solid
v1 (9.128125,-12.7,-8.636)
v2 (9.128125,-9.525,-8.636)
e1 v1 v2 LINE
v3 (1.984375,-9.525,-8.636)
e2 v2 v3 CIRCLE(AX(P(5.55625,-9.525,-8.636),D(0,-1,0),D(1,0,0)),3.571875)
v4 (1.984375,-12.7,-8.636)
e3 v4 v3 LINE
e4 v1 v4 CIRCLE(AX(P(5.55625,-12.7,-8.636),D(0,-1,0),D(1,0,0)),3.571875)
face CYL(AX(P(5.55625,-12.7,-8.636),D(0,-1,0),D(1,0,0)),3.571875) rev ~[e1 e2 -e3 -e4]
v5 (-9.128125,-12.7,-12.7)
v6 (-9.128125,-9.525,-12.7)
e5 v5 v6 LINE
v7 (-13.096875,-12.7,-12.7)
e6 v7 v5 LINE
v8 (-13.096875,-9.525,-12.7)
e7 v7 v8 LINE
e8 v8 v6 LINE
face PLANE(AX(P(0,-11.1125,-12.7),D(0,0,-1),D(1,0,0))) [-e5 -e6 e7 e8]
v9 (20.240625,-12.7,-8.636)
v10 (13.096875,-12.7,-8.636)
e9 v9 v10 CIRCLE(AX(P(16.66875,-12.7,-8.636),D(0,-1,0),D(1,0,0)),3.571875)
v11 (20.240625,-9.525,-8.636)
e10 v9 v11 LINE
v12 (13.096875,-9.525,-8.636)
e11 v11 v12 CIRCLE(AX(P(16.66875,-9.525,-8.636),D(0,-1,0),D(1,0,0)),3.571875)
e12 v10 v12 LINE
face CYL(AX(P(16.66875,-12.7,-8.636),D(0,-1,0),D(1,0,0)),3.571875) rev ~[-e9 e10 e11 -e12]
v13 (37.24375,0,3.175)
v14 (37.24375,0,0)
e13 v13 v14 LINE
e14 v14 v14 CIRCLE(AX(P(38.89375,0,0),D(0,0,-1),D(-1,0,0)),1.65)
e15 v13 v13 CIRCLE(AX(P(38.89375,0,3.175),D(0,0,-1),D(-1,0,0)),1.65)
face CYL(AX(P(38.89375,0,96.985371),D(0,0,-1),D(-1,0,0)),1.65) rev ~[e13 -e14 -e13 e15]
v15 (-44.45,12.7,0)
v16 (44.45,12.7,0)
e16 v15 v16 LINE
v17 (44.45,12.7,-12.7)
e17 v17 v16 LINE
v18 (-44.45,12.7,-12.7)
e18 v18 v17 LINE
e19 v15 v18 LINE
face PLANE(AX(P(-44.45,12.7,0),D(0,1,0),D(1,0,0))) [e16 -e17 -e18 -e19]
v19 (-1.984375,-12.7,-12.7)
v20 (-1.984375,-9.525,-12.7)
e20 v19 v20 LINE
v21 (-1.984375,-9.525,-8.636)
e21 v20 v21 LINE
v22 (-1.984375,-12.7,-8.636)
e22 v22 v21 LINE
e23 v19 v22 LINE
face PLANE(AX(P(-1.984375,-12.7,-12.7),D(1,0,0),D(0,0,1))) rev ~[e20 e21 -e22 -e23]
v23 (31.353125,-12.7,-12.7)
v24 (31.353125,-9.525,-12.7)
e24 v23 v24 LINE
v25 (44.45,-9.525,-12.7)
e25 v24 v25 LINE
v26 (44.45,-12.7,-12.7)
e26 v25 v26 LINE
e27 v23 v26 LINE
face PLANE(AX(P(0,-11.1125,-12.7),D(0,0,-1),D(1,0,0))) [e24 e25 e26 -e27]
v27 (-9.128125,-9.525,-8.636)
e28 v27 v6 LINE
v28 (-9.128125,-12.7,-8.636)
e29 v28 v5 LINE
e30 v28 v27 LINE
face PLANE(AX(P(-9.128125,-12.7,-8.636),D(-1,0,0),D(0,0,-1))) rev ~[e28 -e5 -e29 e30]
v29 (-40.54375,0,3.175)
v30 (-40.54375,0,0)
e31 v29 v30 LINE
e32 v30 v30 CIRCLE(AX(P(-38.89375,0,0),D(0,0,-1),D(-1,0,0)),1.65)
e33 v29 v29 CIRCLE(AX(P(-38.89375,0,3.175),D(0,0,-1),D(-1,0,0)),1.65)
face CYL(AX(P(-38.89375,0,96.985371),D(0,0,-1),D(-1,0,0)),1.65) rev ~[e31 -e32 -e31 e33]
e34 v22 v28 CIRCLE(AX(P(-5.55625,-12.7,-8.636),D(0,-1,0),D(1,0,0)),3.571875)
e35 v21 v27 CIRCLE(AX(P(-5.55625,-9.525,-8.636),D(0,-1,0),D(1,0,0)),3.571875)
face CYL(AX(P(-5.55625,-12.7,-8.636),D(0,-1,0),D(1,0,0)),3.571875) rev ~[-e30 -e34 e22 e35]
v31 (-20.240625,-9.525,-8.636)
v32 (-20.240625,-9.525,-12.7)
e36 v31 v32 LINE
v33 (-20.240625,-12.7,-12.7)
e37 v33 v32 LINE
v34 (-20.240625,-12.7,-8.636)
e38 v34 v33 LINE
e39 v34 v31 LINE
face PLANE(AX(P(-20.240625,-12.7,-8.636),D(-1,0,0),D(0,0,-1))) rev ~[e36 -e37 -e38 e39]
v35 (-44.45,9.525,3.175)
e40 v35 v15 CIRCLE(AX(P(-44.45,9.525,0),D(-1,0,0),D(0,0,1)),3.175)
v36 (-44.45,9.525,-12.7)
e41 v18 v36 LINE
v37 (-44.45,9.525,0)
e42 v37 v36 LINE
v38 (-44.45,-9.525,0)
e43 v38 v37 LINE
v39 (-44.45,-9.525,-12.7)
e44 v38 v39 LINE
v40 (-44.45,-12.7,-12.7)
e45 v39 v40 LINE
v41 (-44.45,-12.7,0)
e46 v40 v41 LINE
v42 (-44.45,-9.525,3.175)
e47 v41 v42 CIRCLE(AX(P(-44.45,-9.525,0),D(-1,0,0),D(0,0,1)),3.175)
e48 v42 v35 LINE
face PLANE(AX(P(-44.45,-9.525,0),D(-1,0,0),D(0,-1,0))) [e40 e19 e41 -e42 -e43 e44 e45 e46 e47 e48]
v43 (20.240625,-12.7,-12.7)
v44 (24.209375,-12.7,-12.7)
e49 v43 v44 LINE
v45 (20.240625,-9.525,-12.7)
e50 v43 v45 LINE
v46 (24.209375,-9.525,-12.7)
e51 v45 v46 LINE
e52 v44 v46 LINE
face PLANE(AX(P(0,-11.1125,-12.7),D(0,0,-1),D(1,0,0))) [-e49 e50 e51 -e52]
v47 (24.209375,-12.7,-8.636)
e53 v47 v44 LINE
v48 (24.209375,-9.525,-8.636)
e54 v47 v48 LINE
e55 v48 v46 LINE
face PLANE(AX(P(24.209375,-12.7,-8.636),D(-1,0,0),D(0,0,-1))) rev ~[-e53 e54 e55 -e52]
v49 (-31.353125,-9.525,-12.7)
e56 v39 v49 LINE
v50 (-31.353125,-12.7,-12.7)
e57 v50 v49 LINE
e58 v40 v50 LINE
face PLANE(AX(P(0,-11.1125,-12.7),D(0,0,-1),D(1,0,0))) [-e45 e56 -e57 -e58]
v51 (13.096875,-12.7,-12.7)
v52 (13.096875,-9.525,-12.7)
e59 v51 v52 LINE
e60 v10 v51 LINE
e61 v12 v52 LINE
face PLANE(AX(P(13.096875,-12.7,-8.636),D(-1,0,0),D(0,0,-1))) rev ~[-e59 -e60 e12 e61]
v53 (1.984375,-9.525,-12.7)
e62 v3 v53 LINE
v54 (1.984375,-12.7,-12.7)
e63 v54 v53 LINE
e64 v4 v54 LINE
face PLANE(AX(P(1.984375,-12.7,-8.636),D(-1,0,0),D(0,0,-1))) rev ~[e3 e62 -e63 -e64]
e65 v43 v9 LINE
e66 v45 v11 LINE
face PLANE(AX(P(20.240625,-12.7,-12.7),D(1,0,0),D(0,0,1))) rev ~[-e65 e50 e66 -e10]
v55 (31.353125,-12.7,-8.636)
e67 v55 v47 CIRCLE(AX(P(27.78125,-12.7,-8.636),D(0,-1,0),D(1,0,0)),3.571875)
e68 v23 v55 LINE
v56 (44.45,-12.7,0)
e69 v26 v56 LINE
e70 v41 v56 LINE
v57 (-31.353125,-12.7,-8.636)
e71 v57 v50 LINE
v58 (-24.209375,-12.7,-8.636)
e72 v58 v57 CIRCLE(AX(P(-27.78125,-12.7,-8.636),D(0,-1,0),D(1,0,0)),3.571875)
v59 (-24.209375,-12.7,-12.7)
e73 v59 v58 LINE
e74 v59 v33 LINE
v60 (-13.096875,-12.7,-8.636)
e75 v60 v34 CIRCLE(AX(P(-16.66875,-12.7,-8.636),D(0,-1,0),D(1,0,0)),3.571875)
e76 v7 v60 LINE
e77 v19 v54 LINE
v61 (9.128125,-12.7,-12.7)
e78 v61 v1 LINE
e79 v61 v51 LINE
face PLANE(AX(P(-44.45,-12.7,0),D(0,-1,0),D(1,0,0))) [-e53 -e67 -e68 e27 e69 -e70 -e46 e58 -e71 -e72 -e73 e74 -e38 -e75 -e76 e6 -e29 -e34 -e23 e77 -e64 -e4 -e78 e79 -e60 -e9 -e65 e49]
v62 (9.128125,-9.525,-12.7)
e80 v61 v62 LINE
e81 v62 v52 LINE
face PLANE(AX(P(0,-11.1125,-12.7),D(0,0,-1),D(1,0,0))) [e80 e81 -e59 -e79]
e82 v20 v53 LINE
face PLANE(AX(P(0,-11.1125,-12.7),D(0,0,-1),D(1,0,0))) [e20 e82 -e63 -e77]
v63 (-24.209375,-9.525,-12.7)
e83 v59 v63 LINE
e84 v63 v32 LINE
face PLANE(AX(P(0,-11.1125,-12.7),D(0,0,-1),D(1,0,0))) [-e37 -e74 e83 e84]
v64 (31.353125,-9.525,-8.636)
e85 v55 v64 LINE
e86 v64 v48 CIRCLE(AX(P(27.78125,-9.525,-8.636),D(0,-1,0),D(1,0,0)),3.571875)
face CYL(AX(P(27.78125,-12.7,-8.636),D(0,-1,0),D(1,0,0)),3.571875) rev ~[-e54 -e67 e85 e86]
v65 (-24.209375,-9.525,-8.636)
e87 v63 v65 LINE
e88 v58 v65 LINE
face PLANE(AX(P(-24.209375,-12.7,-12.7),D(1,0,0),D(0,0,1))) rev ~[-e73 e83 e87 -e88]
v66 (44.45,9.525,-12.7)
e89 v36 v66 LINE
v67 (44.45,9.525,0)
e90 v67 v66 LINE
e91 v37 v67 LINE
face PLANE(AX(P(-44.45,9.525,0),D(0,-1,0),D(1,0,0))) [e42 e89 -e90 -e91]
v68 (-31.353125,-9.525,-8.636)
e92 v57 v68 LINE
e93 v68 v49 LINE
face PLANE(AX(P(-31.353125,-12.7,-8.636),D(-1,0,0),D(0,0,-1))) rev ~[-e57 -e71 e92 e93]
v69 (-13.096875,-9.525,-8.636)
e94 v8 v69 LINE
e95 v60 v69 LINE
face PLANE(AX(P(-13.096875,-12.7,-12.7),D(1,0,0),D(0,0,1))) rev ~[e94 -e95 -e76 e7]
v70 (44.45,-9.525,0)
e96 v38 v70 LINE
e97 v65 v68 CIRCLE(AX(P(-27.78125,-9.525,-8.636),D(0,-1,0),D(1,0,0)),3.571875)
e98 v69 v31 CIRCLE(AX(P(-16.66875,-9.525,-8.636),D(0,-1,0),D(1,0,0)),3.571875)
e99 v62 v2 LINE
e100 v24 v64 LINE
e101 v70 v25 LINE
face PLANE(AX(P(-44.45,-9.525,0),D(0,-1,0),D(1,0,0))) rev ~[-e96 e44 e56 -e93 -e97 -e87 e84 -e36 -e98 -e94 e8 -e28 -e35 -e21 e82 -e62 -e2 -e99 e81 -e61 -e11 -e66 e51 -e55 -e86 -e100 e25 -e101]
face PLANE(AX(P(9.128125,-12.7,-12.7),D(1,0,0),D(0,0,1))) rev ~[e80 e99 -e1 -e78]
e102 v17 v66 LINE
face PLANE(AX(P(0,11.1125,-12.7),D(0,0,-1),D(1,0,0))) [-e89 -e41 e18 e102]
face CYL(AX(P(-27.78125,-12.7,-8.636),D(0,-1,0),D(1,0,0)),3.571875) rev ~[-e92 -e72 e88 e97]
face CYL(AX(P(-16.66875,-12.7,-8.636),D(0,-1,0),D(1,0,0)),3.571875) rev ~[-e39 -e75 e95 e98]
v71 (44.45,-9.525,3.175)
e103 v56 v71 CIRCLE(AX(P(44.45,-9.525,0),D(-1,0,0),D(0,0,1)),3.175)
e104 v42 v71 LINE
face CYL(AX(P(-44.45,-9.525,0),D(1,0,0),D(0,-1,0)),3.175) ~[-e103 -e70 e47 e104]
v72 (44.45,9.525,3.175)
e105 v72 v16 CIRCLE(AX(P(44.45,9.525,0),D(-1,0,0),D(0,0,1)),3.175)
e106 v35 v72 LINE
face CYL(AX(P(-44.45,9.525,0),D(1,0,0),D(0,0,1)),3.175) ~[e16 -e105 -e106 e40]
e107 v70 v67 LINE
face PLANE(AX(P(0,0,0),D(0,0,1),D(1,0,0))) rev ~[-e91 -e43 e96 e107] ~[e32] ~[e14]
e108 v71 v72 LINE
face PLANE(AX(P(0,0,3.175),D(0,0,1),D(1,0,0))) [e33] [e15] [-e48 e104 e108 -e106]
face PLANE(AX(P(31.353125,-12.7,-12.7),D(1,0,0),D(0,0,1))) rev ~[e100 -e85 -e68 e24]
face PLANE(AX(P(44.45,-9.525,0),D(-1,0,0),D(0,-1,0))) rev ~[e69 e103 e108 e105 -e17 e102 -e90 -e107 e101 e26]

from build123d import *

# Parameters (mm, degrees)
F0_W     = 88.9
F0_H     = 25.4
F1_DEPTH = 3.175
F2_W     = 88.9
F2_H     = 3.175
F3_DEPTH = 12.7
F5_D     = 3.3
F7_DEPTH = 3.175
F8_R     = 3.175


with BuildPart() as f1:
    # F0 (on Top) → F1 (new body)
    with BuildSketch(Plane.XY):
        Rectangle(F0_W, F0_H)
    extrude(amount=F1_DEPTH)

    # F2 (on face) → F3 (join)
    with BuildSketch(Plane(origin=(0, 0, 0), x_dir=(1, 0, 0), z_dir=(0, 0, -1))):
        with Locations((0, 11.1125)):
            Rectangle(F2_W, F2_H)
        with Locations((0, -11.1125)):
            Rectangle(F2_W, F2_H)
    extrude(amount=F3_DEPTH)

    # F5 (through all)
    with Locations(Plane.XY.offset(3.175)):
        with Locations((-38.89375, 0), (38.89375, 0)):
            Hole(F5_D / 2)

    # F6 (on face) → F7 (cut)
    with BuildSketch(Plane.XZ.offset(12.7)):
        with BuildLine():
            Line((-31.353125, -8.636), (-24.209375, -8.636))
            ThreePointArc((-24.209375, -8.636), (-27.78125, -5.064125), (-31.353125, -8.636))
        make_face()
        with BuildLine():
            Line((-24.209375, -12.7), (-24.209375, -8.636))
            ThreePointArc((-24.209375, -8.636), (-27.78125, -12.207875), (-31.353125, -8.636))
            Line((-31.353125, -8.636), (-31.353125, -12.7))
            Line((-31.353125, -12.7), (-24.209375, -12.7))
        make_face()
        with BuildLine():
            ThreePointArc((-31.353125, -8.636), (-27.78125, -12.207875), (-24.209375, -8.636))
            Line((-24.209375, -8.636), (-31.353125, -8.636))
        make_face()
        with BuildLine():
            Line((-20.240625, -8.636), (-13.096875, -8.636))
            ThreePointArc((-13.096875, -8.636), (-16.66875, -5.064125), (-20.240625, -8.636))
        make_face()
        with BuildLine():
            Line((-13.096875, -12.7), (-13.096875, -8.636))
            ThreePointArc((-13.096875, -8.636), (-16.66875, -12.207875), (-20.240625, -8.636))
            Line((-20.240625, -8.636), (-20.240625, -12.7))
            Line((-20.240625, -12.7), (-13.096875, -12.7))
        make_face()
        with BuildLine():
            ThreePointArc((-20.240625, -8.636), (-16.66875, -12.207875), (-13.096875, -8.636))
            Line((-13.096875, -8.636), (-20.240625, -8.636))
        make_face()
        with BuildLine():
            Line((-9.128125, -8.636), (-1.984375, -8.636))
            ThreePointArc((-1.984375, -8.636), (-5.55625, -5.064125), (-9.128125, -8.636))
        make_face()
        with BuildLine():
            Line((-1.984375, -12.7), (-1.984375, -8.636))
            ThreePointArc((-1.984375, -8.636), (-5.55625, -12.207875), (-9.128125, -8.636))
            Line((-9.128125, -8.636), (-9.128125, -12.7))
            Line((-9.128125, -12.7), (-1.984375, -12.7))
        make_face()
        with BuildLine():
            ThreePointArc((-9.128125, -8.636), (-5.55625, -12.207875), (-1.984375, -8.636))
            Line((-1.984375, -8.636), (-9.128125, -8.636))
        make_face()
        with BuildLine():
            Line((1.984375, -8.636), (9.128125, -8.636))
            ThreePointArc((9.128125, -8.636), (5.55625, -5.064125), (1.984375, -8.636))
        make_face()
        with BuildLine():
            Line((9.128125, -12.7), (9.128125, -8.636))
            ThreePointArc((9.128125, -8.636), (5.55625, -12.207875), (1.984375, -8.636))
            Line((1.984375, -8.636), (1.984375, -12.7))
            Line((1.984375, -12.7), (9.128125, -12.7))
        make_face()
        with BuildLine():
            ThreePointArc((1.984375, -8.636), (5.55625, -12.207875), (9.128125, -8.636))
            Line((9.128125, -8.636), (1.984375, -8.636))
        make_face()
        with BuildLine():
            Line((13.096875, -8.636), (20.240625, -8.636))
            ThreePointArc((20.240625, -8.636), (16.66875, -5.064125), (13.096875, -8.636))
        make_face()
        with BuildLine():
            Line((20.240625, -12.7), (20.240625, -8.636))
            ThreePointArc((20.240625, -8.636), (16.66875, -12.207875), (13.096875, -8.636))
            Line((13.096875, -8.636), (13.096875, -12.7))
            Line((13.096875, -12.7), (20.240625, -12.7))
        make_face()
        with BuildLine():
            ThreePointArc((13.096875, -8.636), (16.66875, -12.207875), (20.240625, -8.636))
            Line((20.240625, -8.636), (13.096875, -8.636))
        make_face()
        with BuildLine():
            Line((24.209375, -8.636), (31.353125, -8.636))
            ThreePointArc((31.353125, -8.636), (27.78125, -5.064125), (24.209375, -8.636))
        make_face()
        with BuildLine():
            Line((31.353125, -12.7), (31.353125, -8.636))
            ThreePointArc((31.353125, -8.636), (27.78125, -12.207875), (24.209375, -8.636))
            Line((24.209375, -8.636), (24.209375, -12.7))
            Line((24.209375, -12.7), (31.353125, -12.7))
        make_face()
        with BuildLine():
            ThreePointArc((24.209375, -8.636), (27.78125, -12.207875), (31.353125, -8.636))
            Line((31.353125, -8.636), (24.209375, -8.636))
        make_face()
    extrude(amount=-F7_DEPTH, mode=Mode.SUBTRACT)

    # F8
    f8_edges = [f1.edges().sort_by_distance(p)[0] for p in [
        (0, -12.7, 3.175),
        (0, 12.7, 3.175),
    ]]
    fillet(f8_edges, radius=F8_R)


solid = f1.part
